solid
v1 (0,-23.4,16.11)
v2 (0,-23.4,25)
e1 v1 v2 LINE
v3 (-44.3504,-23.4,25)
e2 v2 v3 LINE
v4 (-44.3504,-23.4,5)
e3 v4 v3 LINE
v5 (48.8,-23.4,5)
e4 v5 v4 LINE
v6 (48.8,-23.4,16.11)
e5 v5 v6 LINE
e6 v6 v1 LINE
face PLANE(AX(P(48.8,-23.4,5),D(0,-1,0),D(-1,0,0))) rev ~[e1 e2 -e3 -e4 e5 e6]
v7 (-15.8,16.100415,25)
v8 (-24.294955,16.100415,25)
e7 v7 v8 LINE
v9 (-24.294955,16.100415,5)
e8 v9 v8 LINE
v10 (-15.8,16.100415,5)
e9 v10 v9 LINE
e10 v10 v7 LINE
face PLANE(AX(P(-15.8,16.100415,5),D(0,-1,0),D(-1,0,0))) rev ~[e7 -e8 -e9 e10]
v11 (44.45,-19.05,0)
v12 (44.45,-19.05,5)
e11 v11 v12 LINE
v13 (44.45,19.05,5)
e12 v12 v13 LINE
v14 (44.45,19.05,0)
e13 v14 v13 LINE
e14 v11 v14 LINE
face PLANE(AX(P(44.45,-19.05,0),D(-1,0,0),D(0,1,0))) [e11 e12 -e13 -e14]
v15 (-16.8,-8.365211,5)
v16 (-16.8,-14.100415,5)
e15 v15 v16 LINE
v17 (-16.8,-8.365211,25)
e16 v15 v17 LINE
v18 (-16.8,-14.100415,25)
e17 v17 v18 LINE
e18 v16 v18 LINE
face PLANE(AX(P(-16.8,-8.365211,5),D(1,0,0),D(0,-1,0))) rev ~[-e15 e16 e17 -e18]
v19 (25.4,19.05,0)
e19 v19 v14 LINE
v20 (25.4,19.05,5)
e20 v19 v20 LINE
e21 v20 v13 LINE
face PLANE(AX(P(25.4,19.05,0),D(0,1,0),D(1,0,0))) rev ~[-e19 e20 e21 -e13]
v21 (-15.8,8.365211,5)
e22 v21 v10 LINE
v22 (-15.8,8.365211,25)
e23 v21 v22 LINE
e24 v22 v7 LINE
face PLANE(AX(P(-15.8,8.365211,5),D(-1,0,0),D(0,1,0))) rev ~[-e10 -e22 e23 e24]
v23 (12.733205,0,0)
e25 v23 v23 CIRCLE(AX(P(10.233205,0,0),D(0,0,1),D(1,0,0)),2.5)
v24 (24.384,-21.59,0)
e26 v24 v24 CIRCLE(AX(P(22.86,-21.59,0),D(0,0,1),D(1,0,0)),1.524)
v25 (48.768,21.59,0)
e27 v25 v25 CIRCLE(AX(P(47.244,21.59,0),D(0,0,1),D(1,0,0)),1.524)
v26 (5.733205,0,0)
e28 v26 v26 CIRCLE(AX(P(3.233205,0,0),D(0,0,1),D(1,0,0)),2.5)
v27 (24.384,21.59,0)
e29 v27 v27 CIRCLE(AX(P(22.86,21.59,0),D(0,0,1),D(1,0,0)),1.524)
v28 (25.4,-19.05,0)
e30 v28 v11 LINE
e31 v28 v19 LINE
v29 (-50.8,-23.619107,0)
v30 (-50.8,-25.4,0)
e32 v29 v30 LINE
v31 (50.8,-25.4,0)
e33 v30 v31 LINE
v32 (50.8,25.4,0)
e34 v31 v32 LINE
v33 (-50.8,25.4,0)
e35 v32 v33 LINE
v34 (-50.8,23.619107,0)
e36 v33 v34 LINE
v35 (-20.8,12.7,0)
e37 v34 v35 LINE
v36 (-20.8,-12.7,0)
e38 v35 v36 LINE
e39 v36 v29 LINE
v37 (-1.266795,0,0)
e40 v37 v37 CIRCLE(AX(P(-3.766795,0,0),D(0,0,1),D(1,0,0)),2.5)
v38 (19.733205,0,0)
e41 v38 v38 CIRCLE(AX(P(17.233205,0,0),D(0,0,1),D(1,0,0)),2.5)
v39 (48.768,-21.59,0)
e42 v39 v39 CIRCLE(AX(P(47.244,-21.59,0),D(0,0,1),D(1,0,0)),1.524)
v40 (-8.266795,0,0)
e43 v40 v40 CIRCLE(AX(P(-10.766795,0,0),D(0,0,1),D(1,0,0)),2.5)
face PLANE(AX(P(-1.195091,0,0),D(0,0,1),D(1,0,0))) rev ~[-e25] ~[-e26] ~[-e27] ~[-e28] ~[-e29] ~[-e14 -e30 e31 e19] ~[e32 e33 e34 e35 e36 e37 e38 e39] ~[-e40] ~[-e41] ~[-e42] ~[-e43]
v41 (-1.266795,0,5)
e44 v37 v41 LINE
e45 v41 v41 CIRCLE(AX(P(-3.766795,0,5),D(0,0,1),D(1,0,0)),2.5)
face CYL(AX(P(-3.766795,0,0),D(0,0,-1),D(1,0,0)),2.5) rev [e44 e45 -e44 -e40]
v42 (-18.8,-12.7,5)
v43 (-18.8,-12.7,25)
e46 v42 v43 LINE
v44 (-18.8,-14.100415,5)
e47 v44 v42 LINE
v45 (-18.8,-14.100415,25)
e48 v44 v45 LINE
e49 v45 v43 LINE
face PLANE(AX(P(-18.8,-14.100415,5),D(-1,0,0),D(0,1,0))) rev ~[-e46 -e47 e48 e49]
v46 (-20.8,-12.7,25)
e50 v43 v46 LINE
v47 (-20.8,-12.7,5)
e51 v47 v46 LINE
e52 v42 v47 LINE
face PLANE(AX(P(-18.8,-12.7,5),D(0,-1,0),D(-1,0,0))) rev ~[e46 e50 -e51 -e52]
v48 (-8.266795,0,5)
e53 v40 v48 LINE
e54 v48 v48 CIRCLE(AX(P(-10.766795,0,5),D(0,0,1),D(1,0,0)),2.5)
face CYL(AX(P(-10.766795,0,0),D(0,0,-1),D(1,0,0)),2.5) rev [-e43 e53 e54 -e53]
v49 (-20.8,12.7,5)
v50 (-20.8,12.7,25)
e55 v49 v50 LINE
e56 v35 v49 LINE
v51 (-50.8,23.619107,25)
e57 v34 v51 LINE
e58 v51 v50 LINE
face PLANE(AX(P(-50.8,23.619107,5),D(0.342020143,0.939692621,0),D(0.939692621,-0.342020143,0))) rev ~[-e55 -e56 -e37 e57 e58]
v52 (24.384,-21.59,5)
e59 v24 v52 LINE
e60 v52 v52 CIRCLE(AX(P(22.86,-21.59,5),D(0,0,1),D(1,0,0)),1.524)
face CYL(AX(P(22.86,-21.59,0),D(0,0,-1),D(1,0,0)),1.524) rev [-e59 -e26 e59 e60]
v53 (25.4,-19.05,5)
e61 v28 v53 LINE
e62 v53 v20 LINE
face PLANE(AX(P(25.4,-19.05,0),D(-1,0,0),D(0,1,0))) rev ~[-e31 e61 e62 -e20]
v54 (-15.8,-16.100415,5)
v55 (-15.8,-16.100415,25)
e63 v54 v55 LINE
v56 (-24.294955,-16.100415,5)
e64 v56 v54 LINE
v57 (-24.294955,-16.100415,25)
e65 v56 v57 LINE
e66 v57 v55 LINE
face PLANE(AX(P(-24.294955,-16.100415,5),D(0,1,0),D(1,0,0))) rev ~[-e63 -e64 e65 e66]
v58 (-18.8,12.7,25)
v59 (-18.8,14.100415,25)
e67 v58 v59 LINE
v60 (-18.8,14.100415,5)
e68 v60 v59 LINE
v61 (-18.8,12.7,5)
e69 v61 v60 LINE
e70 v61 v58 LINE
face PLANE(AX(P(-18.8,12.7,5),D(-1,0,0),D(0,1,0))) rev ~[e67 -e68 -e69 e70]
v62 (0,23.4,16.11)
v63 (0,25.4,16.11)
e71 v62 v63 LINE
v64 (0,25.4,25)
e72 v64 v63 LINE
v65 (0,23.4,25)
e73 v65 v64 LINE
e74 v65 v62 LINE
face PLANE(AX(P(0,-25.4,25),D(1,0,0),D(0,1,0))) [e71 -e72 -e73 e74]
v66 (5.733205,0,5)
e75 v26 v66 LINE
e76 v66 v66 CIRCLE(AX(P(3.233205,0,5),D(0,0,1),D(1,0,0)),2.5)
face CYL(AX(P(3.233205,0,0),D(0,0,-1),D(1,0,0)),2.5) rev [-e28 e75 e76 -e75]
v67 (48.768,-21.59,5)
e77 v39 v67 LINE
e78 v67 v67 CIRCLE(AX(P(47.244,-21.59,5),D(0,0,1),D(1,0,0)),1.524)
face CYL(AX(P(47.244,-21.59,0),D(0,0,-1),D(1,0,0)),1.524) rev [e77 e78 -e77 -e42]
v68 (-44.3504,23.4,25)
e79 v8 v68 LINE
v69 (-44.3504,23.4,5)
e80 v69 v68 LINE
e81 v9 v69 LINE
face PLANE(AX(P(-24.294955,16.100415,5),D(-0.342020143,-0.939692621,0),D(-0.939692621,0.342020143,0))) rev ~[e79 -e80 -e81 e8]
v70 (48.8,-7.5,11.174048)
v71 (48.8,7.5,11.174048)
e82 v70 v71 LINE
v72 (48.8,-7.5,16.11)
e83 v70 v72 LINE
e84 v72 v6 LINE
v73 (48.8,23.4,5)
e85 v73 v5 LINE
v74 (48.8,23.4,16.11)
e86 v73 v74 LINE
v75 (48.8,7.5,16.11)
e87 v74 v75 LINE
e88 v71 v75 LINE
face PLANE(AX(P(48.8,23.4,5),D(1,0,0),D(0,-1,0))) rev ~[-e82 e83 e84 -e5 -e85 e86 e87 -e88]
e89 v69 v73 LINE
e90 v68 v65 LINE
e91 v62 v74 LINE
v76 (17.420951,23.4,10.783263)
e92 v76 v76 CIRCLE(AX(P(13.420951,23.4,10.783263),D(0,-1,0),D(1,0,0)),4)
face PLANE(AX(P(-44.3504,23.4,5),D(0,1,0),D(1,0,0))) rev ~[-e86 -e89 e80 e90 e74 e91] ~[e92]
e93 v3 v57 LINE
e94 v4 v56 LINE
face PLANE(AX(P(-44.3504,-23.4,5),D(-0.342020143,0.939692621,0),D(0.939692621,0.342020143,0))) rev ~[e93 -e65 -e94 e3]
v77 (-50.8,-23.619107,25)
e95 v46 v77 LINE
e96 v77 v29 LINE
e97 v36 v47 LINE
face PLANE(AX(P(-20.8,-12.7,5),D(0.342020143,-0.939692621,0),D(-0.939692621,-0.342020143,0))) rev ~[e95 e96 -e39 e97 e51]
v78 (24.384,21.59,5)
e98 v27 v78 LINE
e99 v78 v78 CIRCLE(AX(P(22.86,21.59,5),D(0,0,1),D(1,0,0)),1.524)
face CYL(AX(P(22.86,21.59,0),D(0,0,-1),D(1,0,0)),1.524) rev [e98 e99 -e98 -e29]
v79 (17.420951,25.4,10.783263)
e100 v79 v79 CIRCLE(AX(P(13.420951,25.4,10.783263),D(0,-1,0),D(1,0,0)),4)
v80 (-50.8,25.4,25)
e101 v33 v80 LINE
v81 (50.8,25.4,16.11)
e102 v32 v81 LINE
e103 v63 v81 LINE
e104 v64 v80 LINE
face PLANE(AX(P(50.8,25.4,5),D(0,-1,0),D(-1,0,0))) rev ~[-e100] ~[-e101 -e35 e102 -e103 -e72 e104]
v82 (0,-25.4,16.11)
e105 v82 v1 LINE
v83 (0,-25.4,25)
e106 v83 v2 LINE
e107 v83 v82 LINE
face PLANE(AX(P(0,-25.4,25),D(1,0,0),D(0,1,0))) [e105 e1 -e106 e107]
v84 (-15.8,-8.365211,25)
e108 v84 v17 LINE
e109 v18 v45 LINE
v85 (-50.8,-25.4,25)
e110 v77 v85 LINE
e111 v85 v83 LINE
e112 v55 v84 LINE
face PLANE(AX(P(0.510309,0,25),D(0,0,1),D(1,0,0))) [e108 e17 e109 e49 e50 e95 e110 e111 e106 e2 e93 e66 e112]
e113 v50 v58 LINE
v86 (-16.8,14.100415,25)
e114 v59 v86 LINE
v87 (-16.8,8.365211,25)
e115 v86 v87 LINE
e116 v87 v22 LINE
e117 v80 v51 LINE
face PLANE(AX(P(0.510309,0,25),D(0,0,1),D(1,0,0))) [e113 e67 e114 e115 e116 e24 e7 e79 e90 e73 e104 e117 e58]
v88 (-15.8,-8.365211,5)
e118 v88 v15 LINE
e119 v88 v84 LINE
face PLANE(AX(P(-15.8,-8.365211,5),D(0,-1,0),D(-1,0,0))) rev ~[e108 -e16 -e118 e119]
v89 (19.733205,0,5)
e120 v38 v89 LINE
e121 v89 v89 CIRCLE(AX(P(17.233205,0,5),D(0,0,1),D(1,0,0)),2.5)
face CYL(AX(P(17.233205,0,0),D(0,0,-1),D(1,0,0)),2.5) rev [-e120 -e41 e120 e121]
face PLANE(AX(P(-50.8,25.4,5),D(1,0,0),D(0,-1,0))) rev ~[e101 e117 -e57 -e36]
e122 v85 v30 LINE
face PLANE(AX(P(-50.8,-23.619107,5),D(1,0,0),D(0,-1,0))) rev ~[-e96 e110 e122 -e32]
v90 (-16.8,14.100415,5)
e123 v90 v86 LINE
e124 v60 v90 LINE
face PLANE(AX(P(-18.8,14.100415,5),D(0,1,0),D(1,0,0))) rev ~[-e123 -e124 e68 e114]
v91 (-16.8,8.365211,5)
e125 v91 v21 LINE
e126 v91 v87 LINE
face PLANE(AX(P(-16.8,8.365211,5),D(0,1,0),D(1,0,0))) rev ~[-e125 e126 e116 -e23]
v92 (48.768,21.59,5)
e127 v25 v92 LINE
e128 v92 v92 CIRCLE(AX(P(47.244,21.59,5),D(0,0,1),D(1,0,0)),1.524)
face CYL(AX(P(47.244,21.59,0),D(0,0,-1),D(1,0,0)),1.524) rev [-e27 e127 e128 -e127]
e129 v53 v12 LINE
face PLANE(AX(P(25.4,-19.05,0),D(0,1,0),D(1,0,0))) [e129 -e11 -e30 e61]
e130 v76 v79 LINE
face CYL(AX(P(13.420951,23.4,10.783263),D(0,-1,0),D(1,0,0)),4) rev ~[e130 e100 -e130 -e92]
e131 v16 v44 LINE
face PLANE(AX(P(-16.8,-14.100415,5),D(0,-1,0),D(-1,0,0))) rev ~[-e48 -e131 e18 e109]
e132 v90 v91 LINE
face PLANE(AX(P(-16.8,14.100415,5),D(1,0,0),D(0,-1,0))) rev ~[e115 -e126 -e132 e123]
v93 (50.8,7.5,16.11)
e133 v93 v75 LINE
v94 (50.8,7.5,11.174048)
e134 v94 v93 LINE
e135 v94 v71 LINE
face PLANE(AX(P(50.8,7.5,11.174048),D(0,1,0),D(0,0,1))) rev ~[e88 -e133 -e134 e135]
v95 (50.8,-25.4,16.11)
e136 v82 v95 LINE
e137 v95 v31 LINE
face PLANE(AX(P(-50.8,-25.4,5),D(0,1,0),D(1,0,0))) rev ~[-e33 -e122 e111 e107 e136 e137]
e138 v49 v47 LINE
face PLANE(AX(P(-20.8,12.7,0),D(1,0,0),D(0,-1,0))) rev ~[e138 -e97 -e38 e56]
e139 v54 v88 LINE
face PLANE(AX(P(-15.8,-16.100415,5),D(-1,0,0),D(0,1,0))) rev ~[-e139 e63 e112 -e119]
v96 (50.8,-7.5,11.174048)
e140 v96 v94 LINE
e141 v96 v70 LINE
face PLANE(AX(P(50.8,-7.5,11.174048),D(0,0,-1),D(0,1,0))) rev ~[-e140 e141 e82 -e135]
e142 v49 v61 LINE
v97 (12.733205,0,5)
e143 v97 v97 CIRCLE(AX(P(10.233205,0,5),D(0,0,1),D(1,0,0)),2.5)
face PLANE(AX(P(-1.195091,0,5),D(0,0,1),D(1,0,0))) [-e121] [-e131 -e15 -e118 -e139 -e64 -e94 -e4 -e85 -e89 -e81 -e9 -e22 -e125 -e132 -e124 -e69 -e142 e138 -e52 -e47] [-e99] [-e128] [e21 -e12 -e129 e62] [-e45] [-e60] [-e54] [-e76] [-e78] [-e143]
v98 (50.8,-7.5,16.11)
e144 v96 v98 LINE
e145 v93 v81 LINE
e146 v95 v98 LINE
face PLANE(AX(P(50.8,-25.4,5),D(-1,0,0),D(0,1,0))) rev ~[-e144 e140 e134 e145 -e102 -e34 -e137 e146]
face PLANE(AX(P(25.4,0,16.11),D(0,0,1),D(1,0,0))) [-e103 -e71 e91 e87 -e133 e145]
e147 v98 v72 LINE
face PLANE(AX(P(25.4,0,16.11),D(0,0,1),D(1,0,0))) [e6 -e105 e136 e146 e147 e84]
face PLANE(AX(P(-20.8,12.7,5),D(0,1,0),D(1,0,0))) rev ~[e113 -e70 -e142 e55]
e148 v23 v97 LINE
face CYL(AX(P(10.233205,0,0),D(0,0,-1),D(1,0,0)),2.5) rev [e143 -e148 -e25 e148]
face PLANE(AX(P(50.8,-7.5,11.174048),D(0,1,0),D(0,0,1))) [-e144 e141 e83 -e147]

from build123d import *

# Parameters (mm, degrees)
F0_R     = 2.5
F0_R_2   = 1.524
F0_W     = 19.05
F0_H     = 38.1
F1_DEPTH = 5
F3_DEPTH = 20
F4_R     = 4
F5_DEPTH = 25.4
F6_W     = 50.8
F6_H     = 50.8
F7_DEPTH = 8.89
F8_W     = 15
F8_H     = 4.935952
F9_DEPTH = 25.4


with BuildPart() as f1:
    # F0 (on Top) → F1 (new body)
    with BuildSketch(Plane.XY):
        Polygon((50.8, 25.4), (-50.8, 25.4), (-50.8, 23.619107), (-20.8, 12.7), (-20.8, -12.7), (-50.8, -23.619107), (-50.8, -25.4), (50.8, -25.4), align=None)
        with Locations((-10.766795, 0)):
            Circle(F0_R, mode=Mode.SUBTRACT)
        with Locations((-3.766795, 0)):
            Circle(F0_R, mode=Mode.SUBTRACT)
        with Locations((22.86, -21.59)):
            Circle(F0_R_2, mode=Mode.SUBTRACT)
        with Locations((47.244, -21.59)):
            Circle(F0_R_2, mode=Mode.SUBTRACT)
        with Locations((3.233205, 0)):
            Circle(F0_R, mode=Mode.SUBTRACT)
        with Locations((10.233205, 0)):
            Circle(F0_R, mode=Mode.SUBTRACT)
        with Locations((17.233205, 0)):
            Circle(F0_R, mode=Mode.SUBTRACT)
        with Locations((34.925, 0)):
            Rectangle(F0_W, F0_H, mode=Mode.SUBTRACT)
        with Locations((22.86, 21.59)):
            Circle(F0_R_2, mode=Mode.SUBTRACT)
        with Locations((47.244, 21.59)):
            Circle(F0_R_2, mode=Mode.SUBTRACT)
    extrude(amount=F1_DEPTH)

    # F2 (on face) → F3 (join)
    with BuildSketch(Plane.XY.offset(5)):
        Polygon((50.8, -25.4), (50.8, 25.4), (-50.8, 25.4), (-50.8, 23.619107), (-20.8, 12.7), (-18.8, 12.7), (-18.8, 14.100415), (-16.8, 14.100415), (-16.8, 8.365211), (-15.8, 8.365211), (-15.8, 14.100415), (-15.8, 16.100415), (-24.294955, 16.100415), (-44.3504, 23.4), (48.8, 23.4), (48.8, -23.4), (-44.3504, -23.4), (-24.294955, -16.100415), (-15.8, -16.100415), (-15.8, -14.100415), (-15.8, -8.365211), (-16.8, -8.365211), (-16.8, -14.100415), (-18.8, -14.100415), (-18.8, -12.7), (-20.8, -12.7), (-50.8, -23.619107), (-50.8, -25.4), align=None)
    extrude(amount=F3_DEPTH)

    # F4 (on face) → F5 (cut)
    with BuildSketch(Plane.XZ.offset(-23.4)):
        with Locations((13.420951, 10.783263)):
            Circle(F4_R)
    extrude(amount=-F5_DEPTH, mode=Mode.SUBTRACT)

    # F6 (on face) → F7 (cut)
    with BuildSketch(Plane.XY.offset(25)):
        with Locations((25.4, 0)):
            Rectangle(F6_W, F6_H)
    extrude(amount=-F7_DEPTH, mode=Mode.SUBTRACT)

    # F8 (on face) → F9 (cut)
    with BuildSketch(Plane.YZ.offset(50.8)):
        with Locations((0, 13.642024)):
            Rectangle(F8_W, F8_H)
    extrude(amount=-F9_DEPTH, mode=Mode.SUBTRACT)


solid = f1.part
